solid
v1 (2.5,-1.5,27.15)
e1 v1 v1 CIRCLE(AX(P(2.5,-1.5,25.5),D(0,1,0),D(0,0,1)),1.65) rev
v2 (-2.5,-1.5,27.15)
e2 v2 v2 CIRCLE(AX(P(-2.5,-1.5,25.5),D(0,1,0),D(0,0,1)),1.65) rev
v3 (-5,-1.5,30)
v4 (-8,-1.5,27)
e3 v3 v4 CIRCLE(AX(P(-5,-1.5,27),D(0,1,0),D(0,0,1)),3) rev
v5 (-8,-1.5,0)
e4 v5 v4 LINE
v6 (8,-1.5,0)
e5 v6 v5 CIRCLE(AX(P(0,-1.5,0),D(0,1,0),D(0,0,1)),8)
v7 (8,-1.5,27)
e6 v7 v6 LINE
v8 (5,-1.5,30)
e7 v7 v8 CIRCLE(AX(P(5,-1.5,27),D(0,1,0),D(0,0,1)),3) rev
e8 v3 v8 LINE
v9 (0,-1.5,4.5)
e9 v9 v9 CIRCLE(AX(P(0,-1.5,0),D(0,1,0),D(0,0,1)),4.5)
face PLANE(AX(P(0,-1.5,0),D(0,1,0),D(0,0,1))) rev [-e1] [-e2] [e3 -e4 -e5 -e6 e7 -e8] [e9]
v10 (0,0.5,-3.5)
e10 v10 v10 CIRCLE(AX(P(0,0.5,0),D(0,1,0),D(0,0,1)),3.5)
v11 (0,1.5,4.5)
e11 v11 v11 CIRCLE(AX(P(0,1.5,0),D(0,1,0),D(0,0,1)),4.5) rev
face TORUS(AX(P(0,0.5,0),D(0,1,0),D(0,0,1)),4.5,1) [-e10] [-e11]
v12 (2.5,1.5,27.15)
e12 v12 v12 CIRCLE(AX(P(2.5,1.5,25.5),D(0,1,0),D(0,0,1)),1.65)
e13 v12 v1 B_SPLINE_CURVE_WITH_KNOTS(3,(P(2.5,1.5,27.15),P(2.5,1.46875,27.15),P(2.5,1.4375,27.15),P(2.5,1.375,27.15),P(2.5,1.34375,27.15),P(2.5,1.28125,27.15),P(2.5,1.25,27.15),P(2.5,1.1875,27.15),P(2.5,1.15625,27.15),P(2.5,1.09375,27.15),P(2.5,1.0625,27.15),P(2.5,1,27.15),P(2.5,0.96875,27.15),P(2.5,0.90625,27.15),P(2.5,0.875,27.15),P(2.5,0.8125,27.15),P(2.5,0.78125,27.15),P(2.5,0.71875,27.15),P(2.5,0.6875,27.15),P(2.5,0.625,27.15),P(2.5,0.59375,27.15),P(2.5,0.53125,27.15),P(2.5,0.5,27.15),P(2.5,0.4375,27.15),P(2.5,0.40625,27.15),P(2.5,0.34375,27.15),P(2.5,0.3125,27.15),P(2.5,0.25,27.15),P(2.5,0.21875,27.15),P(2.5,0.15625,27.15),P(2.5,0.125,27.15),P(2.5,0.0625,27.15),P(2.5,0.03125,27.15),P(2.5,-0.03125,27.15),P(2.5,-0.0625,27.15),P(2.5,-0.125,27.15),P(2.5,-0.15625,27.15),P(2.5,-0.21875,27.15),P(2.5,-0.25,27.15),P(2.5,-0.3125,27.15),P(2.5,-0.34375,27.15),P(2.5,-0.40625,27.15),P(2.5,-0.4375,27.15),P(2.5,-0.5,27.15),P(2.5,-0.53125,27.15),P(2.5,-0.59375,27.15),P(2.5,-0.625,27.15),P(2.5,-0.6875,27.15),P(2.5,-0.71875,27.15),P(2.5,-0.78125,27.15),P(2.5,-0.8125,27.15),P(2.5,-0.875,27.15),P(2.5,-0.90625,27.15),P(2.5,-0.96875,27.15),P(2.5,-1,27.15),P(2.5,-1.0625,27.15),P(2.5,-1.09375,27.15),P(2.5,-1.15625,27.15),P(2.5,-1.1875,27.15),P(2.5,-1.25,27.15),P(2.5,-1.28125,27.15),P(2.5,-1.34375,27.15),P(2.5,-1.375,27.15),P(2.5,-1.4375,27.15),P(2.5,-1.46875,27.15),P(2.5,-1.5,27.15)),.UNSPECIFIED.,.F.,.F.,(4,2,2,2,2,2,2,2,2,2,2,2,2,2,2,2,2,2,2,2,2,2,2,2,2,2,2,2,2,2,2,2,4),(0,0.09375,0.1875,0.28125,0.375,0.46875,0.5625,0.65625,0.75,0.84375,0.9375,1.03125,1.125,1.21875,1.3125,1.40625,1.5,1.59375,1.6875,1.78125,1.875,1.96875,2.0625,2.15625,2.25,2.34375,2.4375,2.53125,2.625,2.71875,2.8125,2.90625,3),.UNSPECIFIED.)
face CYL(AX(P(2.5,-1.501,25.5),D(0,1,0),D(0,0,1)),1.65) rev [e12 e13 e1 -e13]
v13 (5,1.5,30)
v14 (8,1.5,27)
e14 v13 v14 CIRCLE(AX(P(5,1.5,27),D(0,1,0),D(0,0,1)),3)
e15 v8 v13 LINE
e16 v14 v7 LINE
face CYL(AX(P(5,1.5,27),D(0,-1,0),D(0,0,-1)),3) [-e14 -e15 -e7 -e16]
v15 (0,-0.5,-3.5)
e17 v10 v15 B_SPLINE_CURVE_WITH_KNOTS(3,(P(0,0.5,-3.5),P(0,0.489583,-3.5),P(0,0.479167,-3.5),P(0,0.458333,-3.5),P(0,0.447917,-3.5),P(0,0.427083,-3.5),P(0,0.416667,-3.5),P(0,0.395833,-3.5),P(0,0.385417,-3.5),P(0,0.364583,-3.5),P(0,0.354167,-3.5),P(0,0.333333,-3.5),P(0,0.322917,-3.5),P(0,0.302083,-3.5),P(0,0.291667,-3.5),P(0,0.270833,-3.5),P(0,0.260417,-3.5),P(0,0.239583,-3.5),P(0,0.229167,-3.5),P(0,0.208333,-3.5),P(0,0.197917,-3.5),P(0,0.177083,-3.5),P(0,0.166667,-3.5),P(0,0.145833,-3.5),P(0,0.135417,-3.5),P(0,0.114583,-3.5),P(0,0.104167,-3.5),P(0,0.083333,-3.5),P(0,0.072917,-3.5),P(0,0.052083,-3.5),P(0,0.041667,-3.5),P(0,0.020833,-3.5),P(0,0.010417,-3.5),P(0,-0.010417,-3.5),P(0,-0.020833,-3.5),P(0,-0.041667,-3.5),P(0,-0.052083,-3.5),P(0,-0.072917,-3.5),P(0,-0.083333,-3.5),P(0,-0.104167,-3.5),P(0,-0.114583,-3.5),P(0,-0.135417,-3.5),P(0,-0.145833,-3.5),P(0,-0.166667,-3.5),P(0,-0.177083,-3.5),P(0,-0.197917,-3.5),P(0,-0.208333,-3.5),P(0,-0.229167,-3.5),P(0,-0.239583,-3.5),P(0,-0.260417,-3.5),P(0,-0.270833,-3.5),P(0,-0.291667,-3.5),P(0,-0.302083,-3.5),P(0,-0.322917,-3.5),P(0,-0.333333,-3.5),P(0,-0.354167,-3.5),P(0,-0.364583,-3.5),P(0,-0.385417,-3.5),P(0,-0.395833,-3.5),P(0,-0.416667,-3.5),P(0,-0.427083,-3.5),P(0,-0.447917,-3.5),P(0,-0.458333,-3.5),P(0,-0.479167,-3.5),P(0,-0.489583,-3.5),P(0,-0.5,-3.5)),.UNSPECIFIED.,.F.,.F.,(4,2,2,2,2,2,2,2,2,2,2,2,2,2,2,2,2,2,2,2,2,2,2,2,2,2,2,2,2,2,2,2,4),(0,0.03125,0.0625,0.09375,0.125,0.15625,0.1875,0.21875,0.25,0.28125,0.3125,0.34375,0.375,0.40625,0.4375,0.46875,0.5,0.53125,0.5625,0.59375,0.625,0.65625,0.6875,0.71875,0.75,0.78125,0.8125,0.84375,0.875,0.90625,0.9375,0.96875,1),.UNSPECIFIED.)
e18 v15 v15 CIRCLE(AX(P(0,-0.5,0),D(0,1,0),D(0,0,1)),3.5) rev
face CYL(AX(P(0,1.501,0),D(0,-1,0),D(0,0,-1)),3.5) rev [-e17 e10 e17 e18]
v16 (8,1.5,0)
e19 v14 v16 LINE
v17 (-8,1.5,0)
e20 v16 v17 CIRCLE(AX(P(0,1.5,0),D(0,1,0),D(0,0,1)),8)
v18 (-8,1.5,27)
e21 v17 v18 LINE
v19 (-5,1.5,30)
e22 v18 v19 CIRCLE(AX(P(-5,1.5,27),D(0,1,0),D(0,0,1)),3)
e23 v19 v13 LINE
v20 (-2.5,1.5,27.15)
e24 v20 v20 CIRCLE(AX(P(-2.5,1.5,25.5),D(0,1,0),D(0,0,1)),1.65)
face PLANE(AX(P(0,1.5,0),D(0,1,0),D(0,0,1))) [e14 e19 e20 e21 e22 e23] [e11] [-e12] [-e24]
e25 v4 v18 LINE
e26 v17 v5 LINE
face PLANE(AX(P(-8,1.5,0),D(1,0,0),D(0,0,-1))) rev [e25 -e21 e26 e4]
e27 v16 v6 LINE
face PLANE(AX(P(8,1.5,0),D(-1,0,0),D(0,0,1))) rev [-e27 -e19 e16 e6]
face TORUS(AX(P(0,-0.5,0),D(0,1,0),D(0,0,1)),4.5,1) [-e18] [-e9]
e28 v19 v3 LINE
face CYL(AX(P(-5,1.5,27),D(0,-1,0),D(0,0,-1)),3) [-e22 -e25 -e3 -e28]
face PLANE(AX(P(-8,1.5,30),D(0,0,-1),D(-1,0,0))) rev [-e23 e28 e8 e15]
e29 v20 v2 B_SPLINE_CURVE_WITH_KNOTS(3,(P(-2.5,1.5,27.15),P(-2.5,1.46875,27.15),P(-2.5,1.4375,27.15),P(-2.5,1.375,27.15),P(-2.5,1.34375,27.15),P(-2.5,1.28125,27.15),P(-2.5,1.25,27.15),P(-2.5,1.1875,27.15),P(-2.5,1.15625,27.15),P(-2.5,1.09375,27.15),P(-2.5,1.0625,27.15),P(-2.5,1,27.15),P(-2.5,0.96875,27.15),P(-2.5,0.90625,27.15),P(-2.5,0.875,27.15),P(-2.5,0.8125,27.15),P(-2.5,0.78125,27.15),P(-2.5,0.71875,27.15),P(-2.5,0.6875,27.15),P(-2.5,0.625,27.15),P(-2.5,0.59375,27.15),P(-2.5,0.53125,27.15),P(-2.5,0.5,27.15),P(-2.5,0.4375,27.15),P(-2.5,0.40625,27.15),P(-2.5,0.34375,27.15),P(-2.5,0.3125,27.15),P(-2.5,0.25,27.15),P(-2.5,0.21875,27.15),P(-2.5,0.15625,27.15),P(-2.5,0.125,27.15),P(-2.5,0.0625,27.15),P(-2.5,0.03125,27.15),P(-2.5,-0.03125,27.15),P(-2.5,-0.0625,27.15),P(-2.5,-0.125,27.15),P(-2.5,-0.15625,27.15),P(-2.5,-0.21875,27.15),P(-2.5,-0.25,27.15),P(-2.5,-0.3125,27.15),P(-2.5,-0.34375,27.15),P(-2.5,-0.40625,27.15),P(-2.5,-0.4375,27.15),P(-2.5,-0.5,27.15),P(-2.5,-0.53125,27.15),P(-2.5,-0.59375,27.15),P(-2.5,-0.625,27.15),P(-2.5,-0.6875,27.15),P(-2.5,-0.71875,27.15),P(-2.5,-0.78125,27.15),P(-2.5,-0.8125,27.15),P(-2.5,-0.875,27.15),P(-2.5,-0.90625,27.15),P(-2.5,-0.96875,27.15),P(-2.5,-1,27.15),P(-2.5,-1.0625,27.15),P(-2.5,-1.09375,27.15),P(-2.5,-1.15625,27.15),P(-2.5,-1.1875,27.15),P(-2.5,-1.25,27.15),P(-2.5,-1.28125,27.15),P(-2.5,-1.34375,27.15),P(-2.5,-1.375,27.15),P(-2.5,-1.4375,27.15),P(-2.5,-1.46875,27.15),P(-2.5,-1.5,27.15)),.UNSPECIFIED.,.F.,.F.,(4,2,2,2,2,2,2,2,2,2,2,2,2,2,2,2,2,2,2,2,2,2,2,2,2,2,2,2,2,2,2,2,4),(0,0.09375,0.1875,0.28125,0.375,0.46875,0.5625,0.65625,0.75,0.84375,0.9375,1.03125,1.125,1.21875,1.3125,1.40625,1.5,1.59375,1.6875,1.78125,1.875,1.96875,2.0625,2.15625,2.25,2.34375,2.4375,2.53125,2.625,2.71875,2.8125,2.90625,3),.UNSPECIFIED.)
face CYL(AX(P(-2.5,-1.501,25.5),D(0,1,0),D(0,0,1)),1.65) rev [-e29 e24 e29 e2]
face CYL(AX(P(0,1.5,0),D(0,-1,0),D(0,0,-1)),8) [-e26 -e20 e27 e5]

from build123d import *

# Parameters (mm, degrees)
BOSS_EXTRUDE1_DEPTH      = 1.5
BOSS_EXTRUDE1_DEPTH_BACK = 1.5
SKETCH2_R                = 8
SKETCH3_W                = 16
SKETCH3_H                = 30
BOSS_EXTRUDE2_DEPTH      = 1.5
CUT_EXTRUDE1_REACH       = 33.193
SKETCH4_R                = 1.65
CUT_EXTRUDE2_REACH       = 33.193
SKETCH5_R                = 3.5
FILLET1_R                = 1
FILLET2_R                = 3


with BuildPart() as part:
    # Sketch2 → Boss-Extrude1 (new, two sides: drawn at the far end of the back side and taken through both)
    with BuildSketch(Plane(origin=(0, 0, 0), x_dir=(1, 0, 0), z_dir=(0, 1, 0)).offset(-BOSS_EXTRUDE1_DEPTH_BACK)):
        Circle(SKETCH2_R)
    extrude(amount=BOSS_EXTRUDE1_DEPTH + BOSS_EXTRUDE1_DEPTH_BACK)

    # Sketch3 → Boss-Extrude2 (add, symmetric)
    with BuildSketch(Plane(origin=(0, 0, 0), x_dir=(1, 0, 0), z_dir=(0, 1, 0))):
        with Locations((0, -15)):
            Rectangle(SKETCH3_W, SKETCH3_H)
    extrude(amount=BOSS_EXTRUDE2_DEPTH, both=True)

    # Sketch4 → Cut-Extrude1 (cut, up to next)
    with BuildSketch(Plane(origin=(0, 1.5, 0), x_dir=(1, 0, 0), z_dir=(0, 1, 0)), mode=Mode.PRIVATE) as cut_extrude1_sk1:
        with Locations((2.5, -25.5)):
            Circle(SKETCH4_R)
    cut_extrude1_tool1 = extrude(cut_extrude1_sk1.sketch, amount=-CUT_EXTRUDE1_REACH, mode=Mode.PRIVATE) & part.part
    # Sketch4 → Cut-Extrude1 (cut, up to next)
    with BuildSketch(Plane(origin=(0, 1.5, 0), x_dir=(1, 0, 0), z_dir=(0, 1, 0)), mode=Mode.PRIVATE) as cut_extrude1_sk2:
        with Locations((-2.5, -25.5)):
            Circle(SKETCH4_R)
    cut_extrude1_tool2 = extrude(cut_extrude1_sk2.sketch, amount=-CUT_EXTRUDE1_REACH, mode=Mode.PRIVATE) & part.part
    add(cut_extrude1_tool1.solids().sort_by_distance((2.5, 1.5, 25.5))[0], mode=Mode.SUBTRACT)
    add(cut_extrude1_tool2.solids().sort_by_distance((-2.5, 1.5, 25.5))[0], mode=Mode.SUBTRACT)

    # Sketch5 → Cut-Extrude2 (cut, up to next)
    with BuildSketch(Plane.XZ.offset(1.5), mode=Mode.PRIVATE) as cut_extrude2_sk1:
        Circle(SKETCH5_R)
    cut_extrude2_tool1 = extrude(cut_extrude2_sk1.sketch, amount=-CUT_EXTRUDE2_REACH, mode=Mode.PRIVATE) & part.part
    add(cut_extrude2_tool1.solids().sort_by_distance((0, -1.5, 0))[0], mode=Mode.SUBTRACT)

    # Fillet1
    fillet1_edges = [part.edges().sort_by_distance(p)[0] for p in [
        (-3.5, 1.5, 0),
        (-3.5, -1.5, 0),
    ]]
    fillet(fillet1_edges, radius=FILLET1_R)

    # Fillet2
    fillet2_edges = [part.edges().sort_by_distance(p)[0] for p in [
        (-8, 0, 30),
        (8, 0, 30),
    ]]
    fillet(fillet2_edges, radius=FILLET2_R)


solid = part.part
